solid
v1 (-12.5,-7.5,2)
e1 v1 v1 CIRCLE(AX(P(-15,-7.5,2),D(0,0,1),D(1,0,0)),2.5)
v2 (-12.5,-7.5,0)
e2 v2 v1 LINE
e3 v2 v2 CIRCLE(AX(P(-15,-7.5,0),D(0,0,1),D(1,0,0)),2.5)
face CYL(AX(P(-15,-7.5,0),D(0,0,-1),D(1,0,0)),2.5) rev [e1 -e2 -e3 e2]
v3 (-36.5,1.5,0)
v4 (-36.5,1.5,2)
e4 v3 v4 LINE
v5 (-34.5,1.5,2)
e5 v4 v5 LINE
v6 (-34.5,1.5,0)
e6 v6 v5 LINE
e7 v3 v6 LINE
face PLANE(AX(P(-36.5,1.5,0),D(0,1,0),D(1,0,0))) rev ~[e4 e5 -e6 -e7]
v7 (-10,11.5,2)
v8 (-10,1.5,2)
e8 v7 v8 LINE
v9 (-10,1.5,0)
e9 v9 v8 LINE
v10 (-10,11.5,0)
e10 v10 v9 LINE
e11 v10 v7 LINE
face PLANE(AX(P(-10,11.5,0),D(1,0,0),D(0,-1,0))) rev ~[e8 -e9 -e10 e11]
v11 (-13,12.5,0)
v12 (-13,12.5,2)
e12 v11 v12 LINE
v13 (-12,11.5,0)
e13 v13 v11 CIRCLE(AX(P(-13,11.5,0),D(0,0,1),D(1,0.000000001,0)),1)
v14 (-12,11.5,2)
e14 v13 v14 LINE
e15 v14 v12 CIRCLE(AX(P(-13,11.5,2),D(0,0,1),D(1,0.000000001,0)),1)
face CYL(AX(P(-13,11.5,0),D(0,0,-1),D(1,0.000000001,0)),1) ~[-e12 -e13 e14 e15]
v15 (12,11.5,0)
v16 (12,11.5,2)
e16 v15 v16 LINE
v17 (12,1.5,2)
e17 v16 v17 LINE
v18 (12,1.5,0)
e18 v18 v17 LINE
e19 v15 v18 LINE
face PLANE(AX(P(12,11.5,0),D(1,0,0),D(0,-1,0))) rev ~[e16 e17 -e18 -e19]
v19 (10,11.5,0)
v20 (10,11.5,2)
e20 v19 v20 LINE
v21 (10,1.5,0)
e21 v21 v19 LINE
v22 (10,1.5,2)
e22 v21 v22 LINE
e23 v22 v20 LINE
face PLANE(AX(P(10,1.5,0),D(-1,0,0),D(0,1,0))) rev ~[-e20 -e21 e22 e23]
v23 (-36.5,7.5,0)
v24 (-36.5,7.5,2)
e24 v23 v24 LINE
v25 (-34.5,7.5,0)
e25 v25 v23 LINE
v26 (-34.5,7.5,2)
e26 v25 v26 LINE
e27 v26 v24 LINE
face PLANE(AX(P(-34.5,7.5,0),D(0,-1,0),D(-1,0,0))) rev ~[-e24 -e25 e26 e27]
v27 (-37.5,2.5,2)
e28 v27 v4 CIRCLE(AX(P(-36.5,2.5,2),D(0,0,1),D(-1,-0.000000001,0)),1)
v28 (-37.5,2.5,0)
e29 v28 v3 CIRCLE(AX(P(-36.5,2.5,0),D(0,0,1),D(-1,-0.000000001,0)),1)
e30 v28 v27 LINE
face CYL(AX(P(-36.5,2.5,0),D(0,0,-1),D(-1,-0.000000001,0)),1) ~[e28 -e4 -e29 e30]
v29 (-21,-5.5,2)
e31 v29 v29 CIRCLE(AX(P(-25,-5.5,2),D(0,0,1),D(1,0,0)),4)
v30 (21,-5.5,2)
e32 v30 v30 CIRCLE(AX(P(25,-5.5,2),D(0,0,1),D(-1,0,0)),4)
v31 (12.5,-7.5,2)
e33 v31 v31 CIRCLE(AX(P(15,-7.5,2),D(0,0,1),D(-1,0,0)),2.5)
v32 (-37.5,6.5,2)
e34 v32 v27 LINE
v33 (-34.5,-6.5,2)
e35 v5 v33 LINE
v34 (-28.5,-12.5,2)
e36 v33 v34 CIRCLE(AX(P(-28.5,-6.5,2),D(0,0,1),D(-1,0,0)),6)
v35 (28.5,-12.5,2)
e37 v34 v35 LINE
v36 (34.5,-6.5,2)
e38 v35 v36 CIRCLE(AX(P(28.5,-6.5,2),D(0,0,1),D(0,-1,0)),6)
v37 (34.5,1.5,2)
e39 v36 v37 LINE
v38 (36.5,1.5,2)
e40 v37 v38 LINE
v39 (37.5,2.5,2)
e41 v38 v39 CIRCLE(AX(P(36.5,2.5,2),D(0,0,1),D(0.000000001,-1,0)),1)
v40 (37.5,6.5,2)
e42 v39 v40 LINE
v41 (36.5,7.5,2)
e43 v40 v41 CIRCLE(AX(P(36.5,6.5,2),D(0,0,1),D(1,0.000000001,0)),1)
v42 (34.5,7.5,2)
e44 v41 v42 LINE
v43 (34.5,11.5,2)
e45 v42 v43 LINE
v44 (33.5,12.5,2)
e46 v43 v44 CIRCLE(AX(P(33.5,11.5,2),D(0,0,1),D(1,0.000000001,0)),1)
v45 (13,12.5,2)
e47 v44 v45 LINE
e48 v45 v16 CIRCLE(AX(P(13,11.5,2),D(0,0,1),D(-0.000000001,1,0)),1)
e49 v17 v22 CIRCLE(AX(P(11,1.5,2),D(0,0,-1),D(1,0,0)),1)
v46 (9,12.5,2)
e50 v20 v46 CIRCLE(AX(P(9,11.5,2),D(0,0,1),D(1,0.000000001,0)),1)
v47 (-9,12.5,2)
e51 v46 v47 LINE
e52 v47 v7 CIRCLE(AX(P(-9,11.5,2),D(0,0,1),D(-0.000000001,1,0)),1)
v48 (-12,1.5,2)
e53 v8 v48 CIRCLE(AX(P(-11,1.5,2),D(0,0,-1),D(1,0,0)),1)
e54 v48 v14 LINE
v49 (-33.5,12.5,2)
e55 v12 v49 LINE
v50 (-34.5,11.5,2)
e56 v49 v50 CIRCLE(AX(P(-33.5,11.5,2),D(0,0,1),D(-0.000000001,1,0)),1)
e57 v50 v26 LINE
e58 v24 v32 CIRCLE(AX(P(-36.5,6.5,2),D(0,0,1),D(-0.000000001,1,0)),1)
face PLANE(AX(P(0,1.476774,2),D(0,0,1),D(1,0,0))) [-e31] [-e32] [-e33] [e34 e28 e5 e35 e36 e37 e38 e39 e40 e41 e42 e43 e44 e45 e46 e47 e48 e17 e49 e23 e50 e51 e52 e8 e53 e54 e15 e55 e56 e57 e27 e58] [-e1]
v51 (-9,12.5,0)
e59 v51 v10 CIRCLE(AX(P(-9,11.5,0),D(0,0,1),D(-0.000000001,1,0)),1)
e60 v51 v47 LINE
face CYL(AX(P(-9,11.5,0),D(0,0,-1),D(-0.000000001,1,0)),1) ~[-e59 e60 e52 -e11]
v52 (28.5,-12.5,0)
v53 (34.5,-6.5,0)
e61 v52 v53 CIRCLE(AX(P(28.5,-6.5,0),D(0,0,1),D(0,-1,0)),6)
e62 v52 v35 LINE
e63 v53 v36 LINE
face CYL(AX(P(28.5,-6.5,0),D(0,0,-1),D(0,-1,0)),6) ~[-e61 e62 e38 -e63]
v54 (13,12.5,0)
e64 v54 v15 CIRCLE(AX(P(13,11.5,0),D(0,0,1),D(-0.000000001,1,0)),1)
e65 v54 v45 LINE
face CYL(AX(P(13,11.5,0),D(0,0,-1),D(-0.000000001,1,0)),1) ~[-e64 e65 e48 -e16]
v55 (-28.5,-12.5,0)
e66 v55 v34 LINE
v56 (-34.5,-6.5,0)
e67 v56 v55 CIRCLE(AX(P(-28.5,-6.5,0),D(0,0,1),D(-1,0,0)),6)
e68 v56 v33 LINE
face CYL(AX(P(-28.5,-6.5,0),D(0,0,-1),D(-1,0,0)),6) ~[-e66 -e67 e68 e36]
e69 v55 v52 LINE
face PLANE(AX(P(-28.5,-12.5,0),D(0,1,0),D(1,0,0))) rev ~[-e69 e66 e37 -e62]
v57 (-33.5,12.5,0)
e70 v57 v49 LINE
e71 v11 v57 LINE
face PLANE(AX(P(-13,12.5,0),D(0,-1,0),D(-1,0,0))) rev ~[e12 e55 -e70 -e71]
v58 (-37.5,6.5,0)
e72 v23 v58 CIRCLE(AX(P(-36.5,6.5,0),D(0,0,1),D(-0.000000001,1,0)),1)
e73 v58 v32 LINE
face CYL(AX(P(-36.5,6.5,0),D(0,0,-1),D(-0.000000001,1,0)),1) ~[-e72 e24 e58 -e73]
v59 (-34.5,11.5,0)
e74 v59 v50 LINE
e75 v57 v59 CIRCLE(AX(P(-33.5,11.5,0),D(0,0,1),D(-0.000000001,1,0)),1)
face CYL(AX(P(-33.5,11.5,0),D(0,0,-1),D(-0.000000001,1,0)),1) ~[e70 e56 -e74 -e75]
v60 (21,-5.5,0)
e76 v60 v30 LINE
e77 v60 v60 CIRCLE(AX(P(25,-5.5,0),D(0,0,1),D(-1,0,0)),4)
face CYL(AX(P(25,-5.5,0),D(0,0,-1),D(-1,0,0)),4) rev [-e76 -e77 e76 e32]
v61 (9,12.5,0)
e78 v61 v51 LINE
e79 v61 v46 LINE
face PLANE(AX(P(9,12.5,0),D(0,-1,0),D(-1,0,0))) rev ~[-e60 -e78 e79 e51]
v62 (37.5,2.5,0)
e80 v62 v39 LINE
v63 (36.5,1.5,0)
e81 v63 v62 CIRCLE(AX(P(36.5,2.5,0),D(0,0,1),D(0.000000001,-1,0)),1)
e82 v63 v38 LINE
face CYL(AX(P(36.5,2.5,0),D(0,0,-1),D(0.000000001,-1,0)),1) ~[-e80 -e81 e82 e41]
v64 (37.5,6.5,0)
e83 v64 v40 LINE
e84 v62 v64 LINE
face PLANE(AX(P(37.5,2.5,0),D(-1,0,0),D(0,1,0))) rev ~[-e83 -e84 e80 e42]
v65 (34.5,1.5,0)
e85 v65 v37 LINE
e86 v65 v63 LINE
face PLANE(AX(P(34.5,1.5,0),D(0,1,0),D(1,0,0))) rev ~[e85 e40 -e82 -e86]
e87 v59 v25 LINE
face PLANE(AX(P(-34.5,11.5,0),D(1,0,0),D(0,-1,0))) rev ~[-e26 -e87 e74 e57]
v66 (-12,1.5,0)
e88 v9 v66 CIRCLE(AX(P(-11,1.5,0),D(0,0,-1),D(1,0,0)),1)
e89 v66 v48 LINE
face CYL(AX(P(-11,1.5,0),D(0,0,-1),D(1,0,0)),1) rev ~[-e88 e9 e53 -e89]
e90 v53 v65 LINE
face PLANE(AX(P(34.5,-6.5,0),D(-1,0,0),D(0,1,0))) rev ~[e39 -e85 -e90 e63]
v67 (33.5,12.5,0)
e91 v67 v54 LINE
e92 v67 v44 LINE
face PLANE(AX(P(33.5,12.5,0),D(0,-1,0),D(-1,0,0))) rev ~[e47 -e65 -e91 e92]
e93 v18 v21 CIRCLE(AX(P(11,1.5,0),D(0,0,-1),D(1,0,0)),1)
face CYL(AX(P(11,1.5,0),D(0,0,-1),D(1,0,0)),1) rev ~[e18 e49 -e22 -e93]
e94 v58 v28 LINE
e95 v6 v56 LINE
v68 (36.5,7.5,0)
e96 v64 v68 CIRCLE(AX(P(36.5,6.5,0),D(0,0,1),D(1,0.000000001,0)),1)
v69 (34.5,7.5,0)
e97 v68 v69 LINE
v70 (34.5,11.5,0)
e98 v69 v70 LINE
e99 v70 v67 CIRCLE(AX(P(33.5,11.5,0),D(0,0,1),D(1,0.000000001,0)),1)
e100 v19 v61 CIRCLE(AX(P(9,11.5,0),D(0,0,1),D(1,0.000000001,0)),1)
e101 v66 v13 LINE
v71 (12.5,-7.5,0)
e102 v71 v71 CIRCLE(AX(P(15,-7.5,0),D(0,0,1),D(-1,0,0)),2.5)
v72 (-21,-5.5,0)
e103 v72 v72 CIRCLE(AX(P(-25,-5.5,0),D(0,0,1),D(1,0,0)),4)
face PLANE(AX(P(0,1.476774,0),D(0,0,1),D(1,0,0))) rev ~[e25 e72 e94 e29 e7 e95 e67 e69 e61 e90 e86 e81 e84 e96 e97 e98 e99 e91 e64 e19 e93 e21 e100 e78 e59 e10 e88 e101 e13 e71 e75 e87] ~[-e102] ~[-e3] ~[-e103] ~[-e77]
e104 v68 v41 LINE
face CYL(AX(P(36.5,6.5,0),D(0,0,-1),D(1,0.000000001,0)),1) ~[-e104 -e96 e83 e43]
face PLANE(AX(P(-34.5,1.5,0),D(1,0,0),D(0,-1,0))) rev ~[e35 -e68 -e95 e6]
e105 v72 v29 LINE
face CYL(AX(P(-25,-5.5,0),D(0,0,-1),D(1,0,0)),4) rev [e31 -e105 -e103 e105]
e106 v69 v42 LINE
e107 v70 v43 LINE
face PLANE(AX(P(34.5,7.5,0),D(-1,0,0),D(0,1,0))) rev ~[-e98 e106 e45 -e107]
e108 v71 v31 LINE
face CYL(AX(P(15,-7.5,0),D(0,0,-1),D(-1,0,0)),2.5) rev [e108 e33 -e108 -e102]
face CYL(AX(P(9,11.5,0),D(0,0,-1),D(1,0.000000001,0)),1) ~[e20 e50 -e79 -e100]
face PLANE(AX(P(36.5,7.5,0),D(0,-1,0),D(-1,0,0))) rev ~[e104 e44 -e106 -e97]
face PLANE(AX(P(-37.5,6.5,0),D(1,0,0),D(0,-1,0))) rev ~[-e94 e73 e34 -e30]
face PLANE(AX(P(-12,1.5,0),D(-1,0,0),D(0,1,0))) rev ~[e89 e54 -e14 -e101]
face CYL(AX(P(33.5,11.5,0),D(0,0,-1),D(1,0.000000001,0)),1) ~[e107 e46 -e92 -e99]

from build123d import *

# Parameters (mm, degrees)
ESBO_O1_R                = 4
ESBO_O1_R_2              = 2.5
RESSALTO_EXTRUS_O1_DEPTH = 2


with BuildPart() as part:
    # Esboço1 → Ressalto-extrusão1 (new body)
    with BuildSketch(Plane.XY):
        with BuildLine():
            Line((-34.5, 1.5), (-34.5, -6.5))
            ThreePointArc((-34.5, -6.5), (-32.742640687, -10.742640687), (-28.5, -12.5))
            Line((-28.5, -12.5), (28.5, -12.5))
            ThreePointArc((28.5, -12.5), (32.742640687, -10.742640687), (34.5, -6.5))
            Line((34.5, -6.5), (34.5, 1.5))
            Line((34.5, 1.5), (36.5, 1.5))
            ThreePointArc((36.5, 1.5), (37.207106781, 1.792893219), (37.5, 2.5))
            Line((37.5, 2.5), (37.5, 6.5))
            ThreePointArc((37.5, 6.5), (37.207106781, 7.207106781), (36.5, 7.5))
            Line((36.5, 7.5), (34.5, 7.5))
            Line((34.5, 7.5), (34.5, 11.5))
            ThreePointArc((34.5, 11.5), (34.207106781, 12.207106781), (33.5, 12.5))
            Line((33.5, 12.5), (13, 12.5))
            ThreePointArc((13, 12.5), (12.292893219, 12.207106781), (12, 11.5))
            Line((12, 11.5), (12, 1.5))
            ThreePointArc((12, 1.5), (11, 0.5), (10, 1.5))
            Line((10, 1.5), (10, 11.5))
            ThreePointArc((10, 11.5), (9.707106781, 12.207106781), (9, 12.5))
            Line((9, 12.5), (-9, 12.5))
            ThreePointArc((-9, 12.5), (-9.707106781, 12.207106781), (-10, 11.5))
            Line((-10, 11.5), (-10, 1.5))
            ThreePointArc((-10, 1.5), (-11, 0.5), (-12, 1.5))
            Line((-12, 1.5), (-12, 11.5))
            ThreePointArc((-12, 11.5), (-12.292893219, 12.207106781), (-13, 12.5))
            Line((-13, 12.5), (-33.5, 12.5))
            ThreePointArc((-33.5, 12.5), (-34.207106781, 12.207106781), (-34.5, 11.5))
            Line((-34.5, 11.5), (-34.5, 7.5))
            Line((-34.5, 7.5), (-36.5, 7.5))
            ThreePointArc((-36.5, 7.5), (-37.207106781, 7.207106781), (-37.5, 6.5))
            Line((-37.5, 6.5), (-37.5, 2.5))
            ThreePointArc((-37.5, 2.5), (-37.207106781, 1.792893219), (-36.5, 1.5))
            Line((-36.5, 1.5), (-34.5, 1.5))
        make_face()
        with Locations((-25, -5.5)):
            Circle(ESBO_O1_R, mode=Mode.SUBTRACT)
        with Locations((-15, -7.5)):
            Circle(ESBO_O1_R_2, mode=Mode.SUBTRACT)
        with Locations(Location((15, -7.5, 0), (0, 0, 180))):
            Circle(ESBO_O1_R_2, mode=Mode.SUBTRACT)
        with Locations(Location((25, -5.5, 0), (0, 0, 180))):
            Circle(ESBO_O1_R, mode=Mode.SUBTRACT)
    extrude(amount=RESSALTO_EXTRUS_O1_DEPTH)


solid = part.part
